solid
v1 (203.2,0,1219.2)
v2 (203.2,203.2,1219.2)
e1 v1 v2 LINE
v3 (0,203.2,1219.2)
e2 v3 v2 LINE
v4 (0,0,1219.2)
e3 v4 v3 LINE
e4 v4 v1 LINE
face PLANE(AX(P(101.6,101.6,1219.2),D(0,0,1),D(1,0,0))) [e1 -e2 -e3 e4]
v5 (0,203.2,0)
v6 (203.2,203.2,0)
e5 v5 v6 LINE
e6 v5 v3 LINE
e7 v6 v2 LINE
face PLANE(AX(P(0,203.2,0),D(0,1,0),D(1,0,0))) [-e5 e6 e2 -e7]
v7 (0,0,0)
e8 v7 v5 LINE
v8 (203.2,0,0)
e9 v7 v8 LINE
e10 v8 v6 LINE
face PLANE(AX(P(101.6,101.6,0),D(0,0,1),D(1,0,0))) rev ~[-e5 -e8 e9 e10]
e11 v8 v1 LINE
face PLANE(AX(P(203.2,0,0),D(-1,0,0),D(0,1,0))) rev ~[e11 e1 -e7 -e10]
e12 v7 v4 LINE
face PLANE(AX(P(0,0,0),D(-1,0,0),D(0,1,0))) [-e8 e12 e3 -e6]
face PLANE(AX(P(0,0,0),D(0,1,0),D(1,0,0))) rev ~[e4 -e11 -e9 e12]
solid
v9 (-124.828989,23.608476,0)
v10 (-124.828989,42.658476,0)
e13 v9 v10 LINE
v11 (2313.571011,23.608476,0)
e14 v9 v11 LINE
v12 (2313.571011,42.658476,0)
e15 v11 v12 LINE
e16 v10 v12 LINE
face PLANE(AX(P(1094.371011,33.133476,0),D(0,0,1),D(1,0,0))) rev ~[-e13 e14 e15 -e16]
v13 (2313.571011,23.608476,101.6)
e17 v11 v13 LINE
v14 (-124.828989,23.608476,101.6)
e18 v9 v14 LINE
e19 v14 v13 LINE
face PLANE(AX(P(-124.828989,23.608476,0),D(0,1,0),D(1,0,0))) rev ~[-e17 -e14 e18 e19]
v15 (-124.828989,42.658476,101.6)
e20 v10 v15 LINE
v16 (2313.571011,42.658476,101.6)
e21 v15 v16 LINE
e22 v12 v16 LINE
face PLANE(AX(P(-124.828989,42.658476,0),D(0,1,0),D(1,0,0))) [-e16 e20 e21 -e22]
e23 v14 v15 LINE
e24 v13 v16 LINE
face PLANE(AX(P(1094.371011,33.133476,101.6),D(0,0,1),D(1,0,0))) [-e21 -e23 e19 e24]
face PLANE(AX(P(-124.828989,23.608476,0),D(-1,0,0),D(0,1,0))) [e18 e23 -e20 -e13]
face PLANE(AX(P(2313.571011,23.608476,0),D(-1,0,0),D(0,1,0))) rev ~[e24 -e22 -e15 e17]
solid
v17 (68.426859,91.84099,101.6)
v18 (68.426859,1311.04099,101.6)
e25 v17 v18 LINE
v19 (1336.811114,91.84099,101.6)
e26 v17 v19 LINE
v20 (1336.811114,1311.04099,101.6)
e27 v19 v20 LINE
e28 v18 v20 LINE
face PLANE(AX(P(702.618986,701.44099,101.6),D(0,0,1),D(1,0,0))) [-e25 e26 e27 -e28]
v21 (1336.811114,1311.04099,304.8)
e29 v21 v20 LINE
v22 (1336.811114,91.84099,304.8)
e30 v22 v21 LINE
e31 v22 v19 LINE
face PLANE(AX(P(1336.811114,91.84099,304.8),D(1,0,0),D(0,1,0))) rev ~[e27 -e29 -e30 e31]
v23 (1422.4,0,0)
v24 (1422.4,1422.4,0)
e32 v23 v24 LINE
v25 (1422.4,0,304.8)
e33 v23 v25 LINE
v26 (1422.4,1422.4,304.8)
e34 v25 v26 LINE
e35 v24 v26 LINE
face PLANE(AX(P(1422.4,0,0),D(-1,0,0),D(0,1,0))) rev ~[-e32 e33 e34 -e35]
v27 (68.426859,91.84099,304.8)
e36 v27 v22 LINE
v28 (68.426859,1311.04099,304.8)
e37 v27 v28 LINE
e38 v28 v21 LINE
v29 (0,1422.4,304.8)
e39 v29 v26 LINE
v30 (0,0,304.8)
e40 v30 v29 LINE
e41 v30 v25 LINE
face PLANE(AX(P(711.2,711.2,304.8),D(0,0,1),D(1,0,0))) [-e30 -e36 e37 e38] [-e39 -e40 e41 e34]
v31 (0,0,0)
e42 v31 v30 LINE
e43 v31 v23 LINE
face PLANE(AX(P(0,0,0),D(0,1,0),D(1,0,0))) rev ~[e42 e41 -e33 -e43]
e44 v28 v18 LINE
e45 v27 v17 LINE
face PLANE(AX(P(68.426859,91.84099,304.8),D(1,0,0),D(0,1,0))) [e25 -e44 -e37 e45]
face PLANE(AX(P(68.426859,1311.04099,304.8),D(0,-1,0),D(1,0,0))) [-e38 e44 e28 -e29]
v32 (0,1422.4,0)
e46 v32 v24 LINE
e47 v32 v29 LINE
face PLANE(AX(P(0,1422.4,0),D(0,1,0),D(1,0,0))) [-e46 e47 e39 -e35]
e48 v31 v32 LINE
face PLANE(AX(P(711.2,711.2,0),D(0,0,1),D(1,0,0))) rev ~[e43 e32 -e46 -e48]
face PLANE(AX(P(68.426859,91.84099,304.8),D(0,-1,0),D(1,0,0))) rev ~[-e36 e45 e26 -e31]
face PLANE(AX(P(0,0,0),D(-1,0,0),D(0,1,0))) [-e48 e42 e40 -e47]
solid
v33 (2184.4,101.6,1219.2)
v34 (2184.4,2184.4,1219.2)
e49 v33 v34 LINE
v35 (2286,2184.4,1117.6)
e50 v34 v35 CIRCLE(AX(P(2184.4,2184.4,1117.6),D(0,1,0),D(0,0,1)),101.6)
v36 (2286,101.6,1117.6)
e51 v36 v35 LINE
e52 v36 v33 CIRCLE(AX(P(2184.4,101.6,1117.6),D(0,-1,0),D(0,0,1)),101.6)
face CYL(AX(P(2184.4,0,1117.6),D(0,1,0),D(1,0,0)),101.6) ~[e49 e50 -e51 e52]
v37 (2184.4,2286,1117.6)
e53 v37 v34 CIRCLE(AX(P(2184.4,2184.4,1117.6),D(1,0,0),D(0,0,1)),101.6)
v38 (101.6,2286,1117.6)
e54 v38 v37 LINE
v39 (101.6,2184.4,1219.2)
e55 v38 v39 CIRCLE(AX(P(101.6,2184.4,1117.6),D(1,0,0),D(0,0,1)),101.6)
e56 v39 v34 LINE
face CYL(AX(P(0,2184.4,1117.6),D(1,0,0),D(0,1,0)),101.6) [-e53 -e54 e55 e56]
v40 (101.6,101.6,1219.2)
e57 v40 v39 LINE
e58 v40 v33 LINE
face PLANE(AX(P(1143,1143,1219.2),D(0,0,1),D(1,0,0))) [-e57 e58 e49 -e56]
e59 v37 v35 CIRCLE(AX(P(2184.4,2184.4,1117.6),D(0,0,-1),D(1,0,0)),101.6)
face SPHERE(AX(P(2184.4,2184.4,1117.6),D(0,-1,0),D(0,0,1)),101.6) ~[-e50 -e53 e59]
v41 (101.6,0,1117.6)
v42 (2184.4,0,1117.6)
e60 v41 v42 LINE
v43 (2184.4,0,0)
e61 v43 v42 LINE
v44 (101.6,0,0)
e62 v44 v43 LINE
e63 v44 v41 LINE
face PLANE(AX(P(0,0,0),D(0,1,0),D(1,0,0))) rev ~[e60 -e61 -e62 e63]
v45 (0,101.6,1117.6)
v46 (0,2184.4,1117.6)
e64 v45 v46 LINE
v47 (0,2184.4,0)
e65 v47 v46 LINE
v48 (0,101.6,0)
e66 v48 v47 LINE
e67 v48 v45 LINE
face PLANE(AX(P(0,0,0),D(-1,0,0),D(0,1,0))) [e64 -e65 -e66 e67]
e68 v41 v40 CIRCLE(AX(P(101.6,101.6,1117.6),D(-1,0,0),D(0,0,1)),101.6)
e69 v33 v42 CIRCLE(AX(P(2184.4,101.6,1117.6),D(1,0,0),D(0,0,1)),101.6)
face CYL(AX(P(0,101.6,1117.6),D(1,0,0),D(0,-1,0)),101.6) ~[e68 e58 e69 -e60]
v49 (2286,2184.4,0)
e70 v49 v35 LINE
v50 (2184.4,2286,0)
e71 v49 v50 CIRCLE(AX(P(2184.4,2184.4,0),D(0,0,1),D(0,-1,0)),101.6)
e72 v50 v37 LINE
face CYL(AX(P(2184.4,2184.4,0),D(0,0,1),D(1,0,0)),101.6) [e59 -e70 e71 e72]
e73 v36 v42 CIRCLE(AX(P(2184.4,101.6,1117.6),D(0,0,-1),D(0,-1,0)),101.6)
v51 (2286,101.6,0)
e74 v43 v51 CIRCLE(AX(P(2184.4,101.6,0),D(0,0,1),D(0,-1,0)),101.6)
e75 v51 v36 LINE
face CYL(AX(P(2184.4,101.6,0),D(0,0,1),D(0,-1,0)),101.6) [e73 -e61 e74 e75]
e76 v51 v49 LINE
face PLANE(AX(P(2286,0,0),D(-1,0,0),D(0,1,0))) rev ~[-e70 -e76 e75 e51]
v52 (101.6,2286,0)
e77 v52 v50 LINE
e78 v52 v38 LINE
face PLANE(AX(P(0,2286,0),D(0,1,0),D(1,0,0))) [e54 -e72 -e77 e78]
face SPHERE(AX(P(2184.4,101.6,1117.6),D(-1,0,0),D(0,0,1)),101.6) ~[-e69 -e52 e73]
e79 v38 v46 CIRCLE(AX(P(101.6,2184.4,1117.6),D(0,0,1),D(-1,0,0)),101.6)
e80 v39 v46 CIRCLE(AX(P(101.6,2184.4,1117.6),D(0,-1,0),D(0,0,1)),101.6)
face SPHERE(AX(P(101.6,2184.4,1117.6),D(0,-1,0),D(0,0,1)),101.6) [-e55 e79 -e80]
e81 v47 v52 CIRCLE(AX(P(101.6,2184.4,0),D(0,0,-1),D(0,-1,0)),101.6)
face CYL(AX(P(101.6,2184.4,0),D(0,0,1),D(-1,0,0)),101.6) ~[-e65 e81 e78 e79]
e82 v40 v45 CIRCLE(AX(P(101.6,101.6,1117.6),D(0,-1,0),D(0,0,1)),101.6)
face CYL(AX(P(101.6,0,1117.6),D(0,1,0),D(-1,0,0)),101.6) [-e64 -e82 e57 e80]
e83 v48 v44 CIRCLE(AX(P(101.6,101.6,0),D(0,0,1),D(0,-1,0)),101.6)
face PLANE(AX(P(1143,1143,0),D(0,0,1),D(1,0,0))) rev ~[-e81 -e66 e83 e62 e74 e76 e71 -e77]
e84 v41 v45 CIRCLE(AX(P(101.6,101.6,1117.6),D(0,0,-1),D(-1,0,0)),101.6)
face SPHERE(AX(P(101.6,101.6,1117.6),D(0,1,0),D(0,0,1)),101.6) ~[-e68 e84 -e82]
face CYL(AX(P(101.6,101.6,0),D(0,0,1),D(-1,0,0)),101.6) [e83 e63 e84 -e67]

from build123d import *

# Parameters (mm, degrees)
F0_W      = 2438.4
F0_H      = 19.05
F1_DEPTH  = 101.6
F2_W      = 2286
F2_H      = 2286
F3_DEPTH  = 1219.2
F4_R      = 101.6
F5_W      = 203.2
F5_H      = 203.2
F6_DEPTH  = 1219.2
F7_W      = 1422.4
F7_H      = 1422.4
F8_DEPTH  = 304.8
F9_W      = 1268.3842550854
F9_H      = 1219.2
F10_DEPTH = 203.2


with BuildPart() as f1:
    # F0 (on Top) → F1 (new body)
    with BuildSketch(Plane.XY):
        with Locations((1094.3710106479, 33.1334760413)):
            Rectangle(F0_W, F0_H)
    extrude(amount=F1_DEPTH)


with BuildPart() as f3:
    # F2 (on Top) → F3 (new body)
    with BuildSketch(Plane.XY):
        with Locations((1143, 1143)):
            Rectangle(F2_W, F2_H)
    extrude(amount=F3_DEPTH)

    # F4
    f4_edges = [f3.edges().sort_by_distance(p)[0] for p in [
        (0, 1143, 1219.2),
        (1143, 0, 1219.2),
        (2286, 1143, 1219.2),
        (1143, 2286, 1219.2),
        (0, 0, 609.6),
        (2286, 0, 609.6),
        (0, 2286, 609.6),
        (2286, 2286, 609.6),
    ]]
    fillet(f4_edges, radius=F4_R)


with BuildPart() as f6:
    # F5 (on Top) → F6 (new body)
    with BuildSketch(Plane.XY):
        with Locations((101.6, 101.6)):
            Rectangle(F5_W, F5_H)
    extrude(amount=F6_DEPTH)


with BuildPart() as f8:
    # F7 (on Top) → F8 (new body)
    with BuildSketch(Plane.XY):
        with Locations((711.2, 711.2)):
            Rectangle(F7_W, F7_H)
    extrude(amount=F8_DEPTH)

    # F9 (on face) → F10 (cut)
    with BuildSketch(Plane.XY.offset(304.8)):
        with Locations((702.6189863682, 701.4409899712)):
            Rectangle(F9_W, F9_H)
    extrude(amount=-F10_DEPTH, mode=Mode.SUBTRACT)


solid = Compound([f1.part, f3.part, f6.part, f8.part])
